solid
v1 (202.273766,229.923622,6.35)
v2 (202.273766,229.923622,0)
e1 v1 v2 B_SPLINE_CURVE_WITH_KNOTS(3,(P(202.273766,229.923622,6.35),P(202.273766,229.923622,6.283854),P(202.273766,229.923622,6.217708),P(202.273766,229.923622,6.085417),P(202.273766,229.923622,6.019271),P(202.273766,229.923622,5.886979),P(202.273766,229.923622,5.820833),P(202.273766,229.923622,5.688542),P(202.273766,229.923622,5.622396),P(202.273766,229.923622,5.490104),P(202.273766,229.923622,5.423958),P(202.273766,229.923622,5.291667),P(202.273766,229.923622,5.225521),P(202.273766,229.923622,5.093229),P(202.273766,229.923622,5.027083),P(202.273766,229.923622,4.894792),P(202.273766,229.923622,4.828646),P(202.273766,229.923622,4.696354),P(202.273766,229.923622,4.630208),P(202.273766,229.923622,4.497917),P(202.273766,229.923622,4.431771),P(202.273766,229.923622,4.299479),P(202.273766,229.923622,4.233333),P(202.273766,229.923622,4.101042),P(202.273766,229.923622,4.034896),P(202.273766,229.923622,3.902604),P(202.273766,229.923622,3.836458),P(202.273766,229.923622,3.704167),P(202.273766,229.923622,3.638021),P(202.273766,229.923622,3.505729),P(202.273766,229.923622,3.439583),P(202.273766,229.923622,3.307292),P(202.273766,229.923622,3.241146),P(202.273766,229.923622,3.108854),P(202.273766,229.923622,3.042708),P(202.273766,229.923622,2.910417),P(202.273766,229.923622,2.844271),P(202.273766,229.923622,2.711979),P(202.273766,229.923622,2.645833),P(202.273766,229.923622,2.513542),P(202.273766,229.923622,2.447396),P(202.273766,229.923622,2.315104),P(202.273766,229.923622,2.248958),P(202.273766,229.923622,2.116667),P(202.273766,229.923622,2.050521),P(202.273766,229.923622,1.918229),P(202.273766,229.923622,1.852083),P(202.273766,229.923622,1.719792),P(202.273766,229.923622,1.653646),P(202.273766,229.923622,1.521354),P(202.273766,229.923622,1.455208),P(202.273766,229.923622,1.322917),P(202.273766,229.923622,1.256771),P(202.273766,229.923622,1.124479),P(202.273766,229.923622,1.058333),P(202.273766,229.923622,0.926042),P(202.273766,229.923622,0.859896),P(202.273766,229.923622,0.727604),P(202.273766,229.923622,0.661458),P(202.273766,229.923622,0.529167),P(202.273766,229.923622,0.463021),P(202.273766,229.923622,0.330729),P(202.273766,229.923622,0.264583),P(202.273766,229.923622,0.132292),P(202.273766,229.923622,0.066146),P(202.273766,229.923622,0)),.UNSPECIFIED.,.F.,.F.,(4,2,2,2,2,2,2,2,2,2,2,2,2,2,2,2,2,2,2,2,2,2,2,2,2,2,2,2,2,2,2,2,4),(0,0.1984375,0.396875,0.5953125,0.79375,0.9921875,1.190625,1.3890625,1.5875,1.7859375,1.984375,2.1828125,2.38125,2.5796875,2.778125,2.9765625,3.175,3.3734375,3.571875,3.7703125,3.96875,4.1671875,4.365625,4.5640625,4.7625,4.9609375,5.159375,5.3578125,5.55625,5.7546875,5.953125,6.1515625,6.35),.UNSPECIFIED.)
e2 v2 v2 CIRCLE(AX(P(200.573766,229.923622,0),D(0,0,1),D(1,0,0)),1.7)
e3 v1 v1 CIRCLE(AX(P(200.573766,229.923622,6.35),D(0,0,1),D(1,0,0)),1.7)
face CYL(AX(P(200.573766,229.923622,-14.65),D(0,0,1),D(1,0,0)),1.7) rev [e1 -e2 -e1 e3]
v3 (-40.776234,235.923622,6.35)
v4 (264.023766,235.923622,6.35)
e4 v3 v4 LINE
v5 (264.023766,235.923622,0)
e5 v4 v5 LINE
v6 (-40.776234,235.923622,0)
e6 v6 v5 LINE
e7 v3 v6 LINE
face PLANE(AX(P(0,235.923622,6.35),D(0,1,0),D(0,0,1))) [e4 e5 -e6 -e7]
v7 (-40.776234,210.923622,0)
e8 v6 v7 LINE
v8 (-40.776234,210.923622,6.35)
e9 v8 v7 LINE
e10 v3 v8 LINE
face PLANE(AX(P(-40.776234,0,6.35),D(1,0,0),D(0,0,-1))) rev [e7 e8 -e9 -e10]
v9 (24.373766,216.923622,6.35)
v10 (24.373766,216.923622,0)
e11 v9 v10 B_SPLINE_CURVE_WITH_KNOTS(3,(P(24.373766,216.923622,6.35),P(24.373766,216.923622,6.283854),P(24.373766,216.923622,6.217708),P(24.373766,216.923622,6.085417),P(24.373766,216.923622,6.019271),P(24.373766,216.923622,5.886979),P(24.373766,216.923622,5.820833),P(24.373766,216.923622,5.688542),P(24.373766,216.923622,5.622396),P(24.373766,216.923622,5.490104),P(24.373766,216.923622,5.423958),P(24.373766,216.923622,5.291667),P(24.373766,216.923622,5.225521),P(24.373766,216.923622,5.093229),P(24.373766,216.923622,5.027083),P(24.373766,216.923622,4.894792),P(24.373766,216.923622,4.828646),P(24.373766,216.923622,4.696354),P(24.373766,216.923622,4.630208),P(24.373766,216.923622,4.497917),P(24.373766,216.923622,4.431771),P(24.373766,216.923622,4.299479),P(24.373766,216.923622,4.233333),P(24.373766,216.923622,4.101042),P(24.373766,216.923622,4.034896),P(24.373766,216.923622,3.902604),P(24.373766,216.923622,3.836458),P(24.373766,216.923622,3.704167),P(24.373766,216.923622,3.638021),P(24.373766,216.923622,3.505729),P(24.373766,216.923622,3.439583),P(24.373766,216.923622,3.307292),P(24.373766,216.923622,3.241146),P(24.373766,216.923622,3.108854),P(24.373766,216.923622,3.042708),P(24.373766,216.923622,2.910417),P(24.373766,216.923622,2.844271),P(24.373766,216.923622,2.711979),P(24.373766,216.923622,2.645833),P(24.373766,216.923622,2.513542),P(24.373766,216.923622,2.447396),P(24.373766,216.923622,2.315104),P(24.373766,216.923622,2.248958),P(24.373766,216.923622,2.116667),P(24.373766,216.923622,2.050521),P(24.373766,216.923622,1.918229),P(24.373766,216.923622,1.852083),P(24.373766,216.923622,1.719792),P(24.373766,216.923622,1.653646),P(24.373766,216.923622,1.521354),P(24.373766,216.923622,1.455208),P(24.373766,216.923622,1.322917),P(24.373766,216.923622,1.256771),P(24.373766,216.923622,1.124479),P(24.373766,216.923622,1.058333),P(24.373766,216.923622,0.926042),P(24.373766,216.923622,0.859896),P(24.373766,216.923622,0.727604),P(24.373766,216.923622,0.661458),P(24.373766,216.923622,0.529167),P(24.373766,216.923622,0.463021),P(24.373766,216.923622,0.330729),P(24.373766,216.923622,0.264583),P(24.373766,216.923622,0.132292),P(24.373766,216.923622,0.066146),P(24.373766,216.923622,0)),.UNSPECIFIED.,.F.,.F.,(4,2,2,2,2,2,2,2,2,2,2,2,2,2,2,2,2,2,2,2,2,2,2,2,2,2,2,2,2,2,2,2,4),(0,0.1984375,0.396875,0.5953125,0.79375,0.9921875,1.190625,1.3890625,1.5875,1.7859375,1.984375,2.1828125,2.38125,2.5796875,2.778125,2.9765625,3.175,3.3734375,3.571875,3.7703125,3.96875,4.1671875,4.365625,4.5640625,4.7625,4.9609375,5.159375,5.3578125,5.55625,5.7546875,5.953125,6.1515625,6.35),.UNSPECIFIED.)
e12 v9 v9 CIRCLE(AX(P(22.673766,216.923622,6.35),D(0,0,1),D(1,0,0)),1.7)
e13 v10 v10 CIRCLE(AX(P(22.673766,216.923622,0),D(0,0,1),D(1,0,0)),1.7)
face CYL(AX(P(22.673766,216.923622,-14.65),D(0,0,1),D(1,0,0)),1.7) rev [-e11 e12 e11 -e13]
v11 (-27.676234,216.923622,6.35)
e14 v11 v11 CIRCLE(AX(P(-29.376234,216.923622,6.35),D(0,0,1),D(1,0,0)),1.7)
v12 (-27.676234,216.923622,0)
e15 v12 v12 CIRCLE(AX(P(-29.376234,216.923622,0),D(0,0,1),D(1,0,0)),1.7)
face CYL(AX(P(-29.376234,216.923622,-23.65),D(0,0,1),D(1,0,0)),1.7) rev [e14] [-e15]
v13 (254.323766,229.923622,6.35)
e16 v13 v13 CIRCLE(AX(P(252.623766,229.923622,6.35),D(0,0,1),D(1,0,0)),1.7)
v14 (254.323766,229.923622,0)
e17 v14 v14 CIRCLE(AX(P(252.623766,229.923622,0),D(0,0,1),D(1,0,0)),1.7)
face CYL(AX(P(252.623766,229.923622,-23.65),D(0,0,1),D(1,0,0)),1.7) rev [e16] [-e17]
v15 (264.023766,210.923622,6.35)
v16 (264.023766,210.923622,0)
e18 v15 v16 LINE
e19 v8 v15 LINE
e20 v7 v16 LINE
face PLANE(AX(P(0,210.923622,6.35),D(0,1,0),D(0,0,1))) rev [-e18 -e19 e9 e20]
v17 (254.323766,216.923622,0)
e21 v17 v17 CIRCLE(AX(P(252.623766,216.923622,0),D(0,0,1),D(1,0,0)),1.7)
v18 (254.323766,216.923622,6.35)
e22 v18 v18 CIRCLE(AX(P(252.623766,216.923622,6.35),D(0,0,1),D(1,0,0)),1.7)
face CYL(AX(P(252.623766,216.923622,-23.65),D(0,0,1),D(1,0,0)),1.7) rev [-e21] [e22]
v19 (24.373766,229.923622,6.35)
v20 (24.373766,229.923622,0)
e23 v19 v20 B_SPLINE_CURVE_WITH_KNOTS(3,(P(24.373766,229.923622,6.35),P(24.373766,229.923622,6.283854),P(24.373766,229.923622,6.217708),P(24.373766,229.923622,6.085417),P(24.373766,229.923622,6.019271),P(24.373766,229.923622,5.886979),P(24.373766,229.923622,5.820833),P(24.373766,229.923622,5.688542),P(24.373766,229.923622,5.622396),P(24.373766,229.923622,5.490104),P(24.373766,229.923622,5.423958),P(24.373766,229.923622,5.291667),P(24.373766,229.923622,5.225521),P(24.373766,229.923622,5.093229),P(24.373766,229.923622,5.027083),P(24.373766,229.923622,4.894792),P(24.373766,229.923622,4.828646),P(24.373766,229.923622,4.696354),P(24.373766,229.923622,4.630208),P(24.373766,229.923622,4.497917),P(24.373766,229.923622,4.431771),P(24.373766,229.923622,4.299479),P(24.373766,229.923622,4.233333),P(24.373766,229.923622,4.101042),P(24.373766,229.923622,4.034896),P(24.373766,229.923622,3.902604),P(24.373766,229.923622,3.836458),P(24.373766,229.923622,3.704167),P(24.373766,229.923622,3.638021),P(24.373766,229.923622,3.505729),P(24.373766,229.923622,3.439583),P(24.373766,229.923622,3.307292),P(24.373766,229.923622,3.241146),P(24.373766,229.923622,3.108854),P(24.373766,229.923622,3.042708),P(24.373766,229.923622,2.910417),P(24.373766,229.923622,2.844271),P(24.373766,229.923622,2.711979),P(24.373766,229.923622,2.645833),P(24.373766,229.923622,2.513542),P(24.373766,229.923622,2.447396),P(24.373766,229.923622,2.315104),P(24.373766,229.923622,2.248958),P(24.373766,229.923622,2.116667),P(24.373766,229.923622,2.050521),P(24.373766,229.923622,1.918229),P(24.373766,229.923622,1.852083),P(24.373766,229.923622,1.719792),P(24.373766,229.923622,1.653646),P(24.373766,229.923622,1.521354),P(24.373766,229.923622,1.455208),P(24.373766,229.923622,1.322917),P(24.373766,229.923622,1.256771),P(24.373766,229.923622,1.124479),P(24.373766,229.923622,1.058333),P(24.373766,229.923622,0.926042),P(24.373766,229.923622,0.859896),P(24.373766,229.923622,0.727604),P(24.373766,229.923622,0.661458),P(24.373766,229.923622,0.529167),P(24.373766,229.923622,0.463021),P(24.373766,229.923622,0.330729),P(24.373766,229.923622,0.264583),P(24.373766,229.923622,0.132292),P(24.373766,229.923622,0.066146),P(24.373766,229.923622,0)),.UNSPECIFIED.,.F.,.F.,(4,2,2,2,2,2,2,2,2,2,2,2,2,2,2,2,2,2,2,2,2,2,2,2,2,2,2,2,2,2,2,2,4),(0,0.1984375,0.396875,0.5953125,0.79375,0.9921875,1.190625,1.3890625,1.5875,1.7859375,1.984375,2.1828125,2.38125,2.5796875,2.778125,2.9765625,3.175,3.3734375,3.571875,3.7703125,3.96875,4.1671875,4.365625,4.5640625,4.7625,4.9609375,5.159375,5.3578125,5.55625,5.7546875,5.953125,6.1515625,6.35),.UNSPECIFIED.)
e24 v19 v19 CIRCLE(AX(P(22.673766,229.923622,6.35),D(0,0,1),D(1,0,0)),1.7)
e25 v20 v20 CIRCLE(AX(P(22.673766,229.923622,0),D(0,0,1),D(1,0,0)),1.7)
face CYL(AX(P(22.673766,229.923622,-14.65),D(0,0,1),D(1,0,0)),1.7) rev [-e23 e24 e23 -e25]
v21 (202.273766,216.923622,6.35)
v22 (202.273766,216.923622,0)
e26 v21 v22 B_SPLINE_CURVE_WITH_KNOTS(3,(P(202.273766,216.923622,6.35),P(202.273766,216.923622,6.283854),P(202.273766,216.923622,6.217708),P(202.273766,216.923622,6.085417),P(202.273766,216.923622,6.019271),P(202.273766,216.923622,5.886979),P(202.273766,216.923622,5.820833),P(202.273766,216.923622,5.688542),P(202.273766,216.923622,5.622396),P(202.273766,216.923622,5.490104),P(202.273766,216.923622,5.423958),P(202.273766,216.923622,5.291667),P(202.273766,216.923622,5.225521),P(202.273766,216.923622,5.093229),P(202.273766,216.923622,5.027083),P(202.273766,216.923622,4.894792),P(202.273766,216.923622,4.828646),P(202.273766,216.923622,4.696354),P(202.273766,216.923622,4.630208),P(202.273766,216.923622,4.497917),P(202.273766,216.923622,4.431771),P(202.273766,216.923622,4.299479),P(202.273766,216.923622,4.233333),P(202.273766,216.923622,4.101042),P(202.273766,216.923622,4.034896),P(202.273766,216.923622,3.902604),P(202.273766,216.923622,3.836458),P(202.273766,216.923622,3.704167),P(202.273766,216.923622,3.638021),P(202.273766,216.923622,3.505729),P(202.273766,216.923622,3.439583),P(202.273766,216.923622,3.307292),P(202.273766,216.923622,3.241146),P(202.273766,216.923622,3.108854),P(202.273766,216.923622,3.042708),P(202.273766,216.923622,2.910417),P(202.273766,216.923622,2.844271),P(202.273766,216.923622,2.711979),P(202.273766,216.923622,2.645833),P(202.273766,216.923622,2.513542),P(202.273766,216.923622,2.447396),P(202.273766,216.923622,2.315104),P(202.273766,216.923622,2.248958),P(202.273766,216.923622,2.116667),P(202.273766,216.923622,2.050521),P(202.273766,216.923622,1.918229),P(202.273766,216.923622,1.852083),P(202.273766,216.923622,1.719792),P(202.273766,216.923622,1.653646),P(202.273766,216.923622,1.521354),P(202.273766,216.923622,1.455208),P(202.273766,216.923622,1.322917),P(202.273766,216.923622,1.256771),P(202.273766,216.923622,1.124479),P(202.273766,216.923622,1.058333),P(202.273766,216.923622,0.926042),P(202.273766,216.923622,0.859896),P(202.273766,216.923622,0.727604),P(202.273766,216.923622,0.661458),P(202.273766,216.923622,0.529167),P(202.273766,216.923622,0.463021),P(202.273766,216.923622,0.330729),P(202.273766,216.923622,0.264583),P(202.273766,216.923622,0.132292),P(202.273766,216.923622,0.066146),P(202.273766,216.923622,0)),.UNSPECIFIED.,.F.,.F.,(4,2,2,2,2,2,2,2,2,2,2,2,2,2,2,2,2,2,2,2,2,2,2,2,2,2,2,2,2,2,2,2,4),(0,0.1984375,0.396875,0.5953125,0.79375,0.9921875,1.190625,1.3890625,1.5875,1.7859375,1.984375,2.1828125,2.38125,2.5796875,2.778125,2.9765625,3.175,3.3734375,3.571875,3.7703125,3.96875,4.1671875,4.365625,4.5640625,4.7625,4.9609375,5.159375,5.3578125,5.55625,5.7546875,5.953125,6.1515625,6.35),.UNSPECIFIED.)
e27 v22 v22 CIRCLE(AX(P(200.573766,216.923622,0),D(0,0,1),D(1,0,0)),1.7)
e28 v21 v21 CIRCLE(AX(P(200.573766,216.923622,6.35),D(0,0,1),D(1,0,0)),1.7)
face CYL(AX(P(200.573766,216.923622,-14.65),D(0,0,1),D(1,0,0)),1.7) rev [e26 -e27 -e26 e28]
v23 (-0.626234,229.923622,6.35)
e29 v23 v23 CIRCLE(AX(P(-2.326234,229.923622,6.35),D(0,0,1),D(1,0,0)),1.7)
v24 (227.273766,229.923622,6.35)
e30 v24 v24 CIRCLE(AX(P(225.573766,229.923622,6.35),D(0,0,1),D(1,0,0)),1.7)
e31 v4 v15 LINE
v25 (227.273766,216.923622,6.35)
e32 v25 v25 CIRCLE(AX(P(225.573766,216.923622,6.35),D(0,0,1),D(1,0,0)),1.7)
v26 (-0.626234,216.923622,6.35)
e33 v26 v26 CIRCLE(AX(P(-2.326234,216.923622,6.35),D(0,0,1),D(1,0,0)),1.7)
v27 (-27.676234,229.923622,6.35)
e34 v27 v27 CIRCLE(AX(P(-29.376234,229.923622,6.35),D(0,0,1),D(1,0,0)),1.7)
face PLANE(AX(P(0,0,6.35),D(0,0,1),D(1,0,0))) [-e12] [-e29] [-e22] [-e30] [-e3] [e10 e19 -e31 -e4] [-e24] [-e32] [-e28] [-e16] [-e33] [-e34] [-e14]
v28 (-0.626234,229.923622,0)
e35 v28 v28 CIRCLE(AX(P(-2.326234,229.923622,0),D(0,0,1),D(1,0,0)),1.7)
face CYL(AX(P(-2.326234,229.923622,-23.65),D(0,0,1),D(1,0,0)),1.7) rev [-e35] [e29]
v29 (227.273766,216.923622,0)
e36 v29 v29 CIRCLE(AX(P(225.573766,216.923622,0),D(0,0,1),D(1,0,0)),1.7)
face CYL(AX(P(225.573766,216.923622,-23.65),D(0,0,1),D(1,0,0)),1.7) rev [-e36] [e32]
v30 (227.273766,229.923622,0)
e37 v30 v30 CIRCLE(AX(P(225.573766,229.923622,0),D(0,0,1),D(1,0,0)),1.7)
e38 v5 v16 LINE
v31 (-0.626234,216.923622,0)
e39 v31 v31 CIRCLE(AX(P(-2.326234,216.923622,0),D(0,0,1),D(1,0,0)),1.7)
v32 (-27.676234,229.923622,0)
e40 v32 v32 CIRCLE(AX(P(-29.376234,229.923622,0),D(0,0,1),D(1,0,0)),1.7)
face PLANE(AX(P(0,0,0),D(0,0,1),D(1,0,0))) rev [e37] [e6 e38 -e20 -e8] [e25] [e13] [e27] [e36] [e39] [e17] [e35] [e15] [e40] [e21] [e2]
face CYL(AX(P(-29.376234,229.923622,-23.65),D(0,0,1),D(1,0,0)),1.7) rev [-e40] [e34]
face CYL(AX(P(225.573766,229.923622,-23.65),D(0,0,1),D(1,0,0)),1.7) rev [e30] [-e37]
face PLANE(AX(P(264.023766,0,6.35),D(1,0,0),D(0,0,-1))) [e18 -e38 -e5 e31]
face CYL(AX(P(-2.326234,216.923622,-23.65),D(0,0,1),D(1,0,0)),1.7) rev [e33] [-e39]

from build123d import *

# Parameters (mm, degrees)
SKETCH1_W           = 304.8
SKETCH1_H           = 25
BOSS_EXTRUDE1_DEPTH = 6.35
SKETCH2_R           = 1.7
CUT_EXTRUDE1_DEPTH  = 30
SKETCH3_R           = 1.7
CUT_EXTRUDE2_DEPTH  = 21


with BuildPart() as part:
    # Sketch1 → Boss-Extrude1 (new body)
    with BuildSketch(Plane.XY):
        with Locations((111.623766163, 223.42362241)):
            Rectangle(SKETCH1_W, SKETCH1_H)
    extrude(amount=BOSS_EXTRUDE1_DEPTH)

    # Sketch2 → Cut-Extrude1 (cut)
    with BuildSketch(Plane.XY.offset(6.35)):
        with Locations((-2.326233838, 229.923622409)):
            Circle(SKETCH2_R)
        with Locations((-2.326233838, 216.923622409)):
            Circle(SKETCH2_R)
        with Locations((-29.376233838, 229.92362241)):
            Circle(SKETCH2_R)
        with Locations((-29.376233838, 216.92362241)):
            Circle(SKETCH2_R)
        with Locations((252.623766162, 229.923622411)):
            Circle(SKETCH2_R)
        with Locations((252.623766162, 216.923622411)):
            Circle(SKETCH2_R)
        with Locations((225.573766162, 229.92362241)):
            Circle(SKETCH2_R)
        with Locations((225.573766162, 216.92362241)):
            Circle(SKETCH2_R)
    extrude(amount=-CUT_EXTRUDE1_DEPTH, mode=Mode.SUBTRACT)

    # Sketch3 → Cut-Extrude2 (cut)
    with BuildSketch(Plane.XY.offset(6.35)):
        with Locations((22.673766162, 216.923622409)):
            Circle(SKETCH3_R)
        with Locations((22.673766162, 229.923622409)):
            Circle(SKETCH3_R)
        with Locations((200.573766162, 216.92362241)):
            Circle(SKETCH3_R)
        with Locations((200.573766162, 229.92362241)):
            Circle(SKETCH3_R)
    extrude(amount=-CUT_EXTRUDE2_DEPTH, mode=Mode.SUBTRACT)


solid = part.part
